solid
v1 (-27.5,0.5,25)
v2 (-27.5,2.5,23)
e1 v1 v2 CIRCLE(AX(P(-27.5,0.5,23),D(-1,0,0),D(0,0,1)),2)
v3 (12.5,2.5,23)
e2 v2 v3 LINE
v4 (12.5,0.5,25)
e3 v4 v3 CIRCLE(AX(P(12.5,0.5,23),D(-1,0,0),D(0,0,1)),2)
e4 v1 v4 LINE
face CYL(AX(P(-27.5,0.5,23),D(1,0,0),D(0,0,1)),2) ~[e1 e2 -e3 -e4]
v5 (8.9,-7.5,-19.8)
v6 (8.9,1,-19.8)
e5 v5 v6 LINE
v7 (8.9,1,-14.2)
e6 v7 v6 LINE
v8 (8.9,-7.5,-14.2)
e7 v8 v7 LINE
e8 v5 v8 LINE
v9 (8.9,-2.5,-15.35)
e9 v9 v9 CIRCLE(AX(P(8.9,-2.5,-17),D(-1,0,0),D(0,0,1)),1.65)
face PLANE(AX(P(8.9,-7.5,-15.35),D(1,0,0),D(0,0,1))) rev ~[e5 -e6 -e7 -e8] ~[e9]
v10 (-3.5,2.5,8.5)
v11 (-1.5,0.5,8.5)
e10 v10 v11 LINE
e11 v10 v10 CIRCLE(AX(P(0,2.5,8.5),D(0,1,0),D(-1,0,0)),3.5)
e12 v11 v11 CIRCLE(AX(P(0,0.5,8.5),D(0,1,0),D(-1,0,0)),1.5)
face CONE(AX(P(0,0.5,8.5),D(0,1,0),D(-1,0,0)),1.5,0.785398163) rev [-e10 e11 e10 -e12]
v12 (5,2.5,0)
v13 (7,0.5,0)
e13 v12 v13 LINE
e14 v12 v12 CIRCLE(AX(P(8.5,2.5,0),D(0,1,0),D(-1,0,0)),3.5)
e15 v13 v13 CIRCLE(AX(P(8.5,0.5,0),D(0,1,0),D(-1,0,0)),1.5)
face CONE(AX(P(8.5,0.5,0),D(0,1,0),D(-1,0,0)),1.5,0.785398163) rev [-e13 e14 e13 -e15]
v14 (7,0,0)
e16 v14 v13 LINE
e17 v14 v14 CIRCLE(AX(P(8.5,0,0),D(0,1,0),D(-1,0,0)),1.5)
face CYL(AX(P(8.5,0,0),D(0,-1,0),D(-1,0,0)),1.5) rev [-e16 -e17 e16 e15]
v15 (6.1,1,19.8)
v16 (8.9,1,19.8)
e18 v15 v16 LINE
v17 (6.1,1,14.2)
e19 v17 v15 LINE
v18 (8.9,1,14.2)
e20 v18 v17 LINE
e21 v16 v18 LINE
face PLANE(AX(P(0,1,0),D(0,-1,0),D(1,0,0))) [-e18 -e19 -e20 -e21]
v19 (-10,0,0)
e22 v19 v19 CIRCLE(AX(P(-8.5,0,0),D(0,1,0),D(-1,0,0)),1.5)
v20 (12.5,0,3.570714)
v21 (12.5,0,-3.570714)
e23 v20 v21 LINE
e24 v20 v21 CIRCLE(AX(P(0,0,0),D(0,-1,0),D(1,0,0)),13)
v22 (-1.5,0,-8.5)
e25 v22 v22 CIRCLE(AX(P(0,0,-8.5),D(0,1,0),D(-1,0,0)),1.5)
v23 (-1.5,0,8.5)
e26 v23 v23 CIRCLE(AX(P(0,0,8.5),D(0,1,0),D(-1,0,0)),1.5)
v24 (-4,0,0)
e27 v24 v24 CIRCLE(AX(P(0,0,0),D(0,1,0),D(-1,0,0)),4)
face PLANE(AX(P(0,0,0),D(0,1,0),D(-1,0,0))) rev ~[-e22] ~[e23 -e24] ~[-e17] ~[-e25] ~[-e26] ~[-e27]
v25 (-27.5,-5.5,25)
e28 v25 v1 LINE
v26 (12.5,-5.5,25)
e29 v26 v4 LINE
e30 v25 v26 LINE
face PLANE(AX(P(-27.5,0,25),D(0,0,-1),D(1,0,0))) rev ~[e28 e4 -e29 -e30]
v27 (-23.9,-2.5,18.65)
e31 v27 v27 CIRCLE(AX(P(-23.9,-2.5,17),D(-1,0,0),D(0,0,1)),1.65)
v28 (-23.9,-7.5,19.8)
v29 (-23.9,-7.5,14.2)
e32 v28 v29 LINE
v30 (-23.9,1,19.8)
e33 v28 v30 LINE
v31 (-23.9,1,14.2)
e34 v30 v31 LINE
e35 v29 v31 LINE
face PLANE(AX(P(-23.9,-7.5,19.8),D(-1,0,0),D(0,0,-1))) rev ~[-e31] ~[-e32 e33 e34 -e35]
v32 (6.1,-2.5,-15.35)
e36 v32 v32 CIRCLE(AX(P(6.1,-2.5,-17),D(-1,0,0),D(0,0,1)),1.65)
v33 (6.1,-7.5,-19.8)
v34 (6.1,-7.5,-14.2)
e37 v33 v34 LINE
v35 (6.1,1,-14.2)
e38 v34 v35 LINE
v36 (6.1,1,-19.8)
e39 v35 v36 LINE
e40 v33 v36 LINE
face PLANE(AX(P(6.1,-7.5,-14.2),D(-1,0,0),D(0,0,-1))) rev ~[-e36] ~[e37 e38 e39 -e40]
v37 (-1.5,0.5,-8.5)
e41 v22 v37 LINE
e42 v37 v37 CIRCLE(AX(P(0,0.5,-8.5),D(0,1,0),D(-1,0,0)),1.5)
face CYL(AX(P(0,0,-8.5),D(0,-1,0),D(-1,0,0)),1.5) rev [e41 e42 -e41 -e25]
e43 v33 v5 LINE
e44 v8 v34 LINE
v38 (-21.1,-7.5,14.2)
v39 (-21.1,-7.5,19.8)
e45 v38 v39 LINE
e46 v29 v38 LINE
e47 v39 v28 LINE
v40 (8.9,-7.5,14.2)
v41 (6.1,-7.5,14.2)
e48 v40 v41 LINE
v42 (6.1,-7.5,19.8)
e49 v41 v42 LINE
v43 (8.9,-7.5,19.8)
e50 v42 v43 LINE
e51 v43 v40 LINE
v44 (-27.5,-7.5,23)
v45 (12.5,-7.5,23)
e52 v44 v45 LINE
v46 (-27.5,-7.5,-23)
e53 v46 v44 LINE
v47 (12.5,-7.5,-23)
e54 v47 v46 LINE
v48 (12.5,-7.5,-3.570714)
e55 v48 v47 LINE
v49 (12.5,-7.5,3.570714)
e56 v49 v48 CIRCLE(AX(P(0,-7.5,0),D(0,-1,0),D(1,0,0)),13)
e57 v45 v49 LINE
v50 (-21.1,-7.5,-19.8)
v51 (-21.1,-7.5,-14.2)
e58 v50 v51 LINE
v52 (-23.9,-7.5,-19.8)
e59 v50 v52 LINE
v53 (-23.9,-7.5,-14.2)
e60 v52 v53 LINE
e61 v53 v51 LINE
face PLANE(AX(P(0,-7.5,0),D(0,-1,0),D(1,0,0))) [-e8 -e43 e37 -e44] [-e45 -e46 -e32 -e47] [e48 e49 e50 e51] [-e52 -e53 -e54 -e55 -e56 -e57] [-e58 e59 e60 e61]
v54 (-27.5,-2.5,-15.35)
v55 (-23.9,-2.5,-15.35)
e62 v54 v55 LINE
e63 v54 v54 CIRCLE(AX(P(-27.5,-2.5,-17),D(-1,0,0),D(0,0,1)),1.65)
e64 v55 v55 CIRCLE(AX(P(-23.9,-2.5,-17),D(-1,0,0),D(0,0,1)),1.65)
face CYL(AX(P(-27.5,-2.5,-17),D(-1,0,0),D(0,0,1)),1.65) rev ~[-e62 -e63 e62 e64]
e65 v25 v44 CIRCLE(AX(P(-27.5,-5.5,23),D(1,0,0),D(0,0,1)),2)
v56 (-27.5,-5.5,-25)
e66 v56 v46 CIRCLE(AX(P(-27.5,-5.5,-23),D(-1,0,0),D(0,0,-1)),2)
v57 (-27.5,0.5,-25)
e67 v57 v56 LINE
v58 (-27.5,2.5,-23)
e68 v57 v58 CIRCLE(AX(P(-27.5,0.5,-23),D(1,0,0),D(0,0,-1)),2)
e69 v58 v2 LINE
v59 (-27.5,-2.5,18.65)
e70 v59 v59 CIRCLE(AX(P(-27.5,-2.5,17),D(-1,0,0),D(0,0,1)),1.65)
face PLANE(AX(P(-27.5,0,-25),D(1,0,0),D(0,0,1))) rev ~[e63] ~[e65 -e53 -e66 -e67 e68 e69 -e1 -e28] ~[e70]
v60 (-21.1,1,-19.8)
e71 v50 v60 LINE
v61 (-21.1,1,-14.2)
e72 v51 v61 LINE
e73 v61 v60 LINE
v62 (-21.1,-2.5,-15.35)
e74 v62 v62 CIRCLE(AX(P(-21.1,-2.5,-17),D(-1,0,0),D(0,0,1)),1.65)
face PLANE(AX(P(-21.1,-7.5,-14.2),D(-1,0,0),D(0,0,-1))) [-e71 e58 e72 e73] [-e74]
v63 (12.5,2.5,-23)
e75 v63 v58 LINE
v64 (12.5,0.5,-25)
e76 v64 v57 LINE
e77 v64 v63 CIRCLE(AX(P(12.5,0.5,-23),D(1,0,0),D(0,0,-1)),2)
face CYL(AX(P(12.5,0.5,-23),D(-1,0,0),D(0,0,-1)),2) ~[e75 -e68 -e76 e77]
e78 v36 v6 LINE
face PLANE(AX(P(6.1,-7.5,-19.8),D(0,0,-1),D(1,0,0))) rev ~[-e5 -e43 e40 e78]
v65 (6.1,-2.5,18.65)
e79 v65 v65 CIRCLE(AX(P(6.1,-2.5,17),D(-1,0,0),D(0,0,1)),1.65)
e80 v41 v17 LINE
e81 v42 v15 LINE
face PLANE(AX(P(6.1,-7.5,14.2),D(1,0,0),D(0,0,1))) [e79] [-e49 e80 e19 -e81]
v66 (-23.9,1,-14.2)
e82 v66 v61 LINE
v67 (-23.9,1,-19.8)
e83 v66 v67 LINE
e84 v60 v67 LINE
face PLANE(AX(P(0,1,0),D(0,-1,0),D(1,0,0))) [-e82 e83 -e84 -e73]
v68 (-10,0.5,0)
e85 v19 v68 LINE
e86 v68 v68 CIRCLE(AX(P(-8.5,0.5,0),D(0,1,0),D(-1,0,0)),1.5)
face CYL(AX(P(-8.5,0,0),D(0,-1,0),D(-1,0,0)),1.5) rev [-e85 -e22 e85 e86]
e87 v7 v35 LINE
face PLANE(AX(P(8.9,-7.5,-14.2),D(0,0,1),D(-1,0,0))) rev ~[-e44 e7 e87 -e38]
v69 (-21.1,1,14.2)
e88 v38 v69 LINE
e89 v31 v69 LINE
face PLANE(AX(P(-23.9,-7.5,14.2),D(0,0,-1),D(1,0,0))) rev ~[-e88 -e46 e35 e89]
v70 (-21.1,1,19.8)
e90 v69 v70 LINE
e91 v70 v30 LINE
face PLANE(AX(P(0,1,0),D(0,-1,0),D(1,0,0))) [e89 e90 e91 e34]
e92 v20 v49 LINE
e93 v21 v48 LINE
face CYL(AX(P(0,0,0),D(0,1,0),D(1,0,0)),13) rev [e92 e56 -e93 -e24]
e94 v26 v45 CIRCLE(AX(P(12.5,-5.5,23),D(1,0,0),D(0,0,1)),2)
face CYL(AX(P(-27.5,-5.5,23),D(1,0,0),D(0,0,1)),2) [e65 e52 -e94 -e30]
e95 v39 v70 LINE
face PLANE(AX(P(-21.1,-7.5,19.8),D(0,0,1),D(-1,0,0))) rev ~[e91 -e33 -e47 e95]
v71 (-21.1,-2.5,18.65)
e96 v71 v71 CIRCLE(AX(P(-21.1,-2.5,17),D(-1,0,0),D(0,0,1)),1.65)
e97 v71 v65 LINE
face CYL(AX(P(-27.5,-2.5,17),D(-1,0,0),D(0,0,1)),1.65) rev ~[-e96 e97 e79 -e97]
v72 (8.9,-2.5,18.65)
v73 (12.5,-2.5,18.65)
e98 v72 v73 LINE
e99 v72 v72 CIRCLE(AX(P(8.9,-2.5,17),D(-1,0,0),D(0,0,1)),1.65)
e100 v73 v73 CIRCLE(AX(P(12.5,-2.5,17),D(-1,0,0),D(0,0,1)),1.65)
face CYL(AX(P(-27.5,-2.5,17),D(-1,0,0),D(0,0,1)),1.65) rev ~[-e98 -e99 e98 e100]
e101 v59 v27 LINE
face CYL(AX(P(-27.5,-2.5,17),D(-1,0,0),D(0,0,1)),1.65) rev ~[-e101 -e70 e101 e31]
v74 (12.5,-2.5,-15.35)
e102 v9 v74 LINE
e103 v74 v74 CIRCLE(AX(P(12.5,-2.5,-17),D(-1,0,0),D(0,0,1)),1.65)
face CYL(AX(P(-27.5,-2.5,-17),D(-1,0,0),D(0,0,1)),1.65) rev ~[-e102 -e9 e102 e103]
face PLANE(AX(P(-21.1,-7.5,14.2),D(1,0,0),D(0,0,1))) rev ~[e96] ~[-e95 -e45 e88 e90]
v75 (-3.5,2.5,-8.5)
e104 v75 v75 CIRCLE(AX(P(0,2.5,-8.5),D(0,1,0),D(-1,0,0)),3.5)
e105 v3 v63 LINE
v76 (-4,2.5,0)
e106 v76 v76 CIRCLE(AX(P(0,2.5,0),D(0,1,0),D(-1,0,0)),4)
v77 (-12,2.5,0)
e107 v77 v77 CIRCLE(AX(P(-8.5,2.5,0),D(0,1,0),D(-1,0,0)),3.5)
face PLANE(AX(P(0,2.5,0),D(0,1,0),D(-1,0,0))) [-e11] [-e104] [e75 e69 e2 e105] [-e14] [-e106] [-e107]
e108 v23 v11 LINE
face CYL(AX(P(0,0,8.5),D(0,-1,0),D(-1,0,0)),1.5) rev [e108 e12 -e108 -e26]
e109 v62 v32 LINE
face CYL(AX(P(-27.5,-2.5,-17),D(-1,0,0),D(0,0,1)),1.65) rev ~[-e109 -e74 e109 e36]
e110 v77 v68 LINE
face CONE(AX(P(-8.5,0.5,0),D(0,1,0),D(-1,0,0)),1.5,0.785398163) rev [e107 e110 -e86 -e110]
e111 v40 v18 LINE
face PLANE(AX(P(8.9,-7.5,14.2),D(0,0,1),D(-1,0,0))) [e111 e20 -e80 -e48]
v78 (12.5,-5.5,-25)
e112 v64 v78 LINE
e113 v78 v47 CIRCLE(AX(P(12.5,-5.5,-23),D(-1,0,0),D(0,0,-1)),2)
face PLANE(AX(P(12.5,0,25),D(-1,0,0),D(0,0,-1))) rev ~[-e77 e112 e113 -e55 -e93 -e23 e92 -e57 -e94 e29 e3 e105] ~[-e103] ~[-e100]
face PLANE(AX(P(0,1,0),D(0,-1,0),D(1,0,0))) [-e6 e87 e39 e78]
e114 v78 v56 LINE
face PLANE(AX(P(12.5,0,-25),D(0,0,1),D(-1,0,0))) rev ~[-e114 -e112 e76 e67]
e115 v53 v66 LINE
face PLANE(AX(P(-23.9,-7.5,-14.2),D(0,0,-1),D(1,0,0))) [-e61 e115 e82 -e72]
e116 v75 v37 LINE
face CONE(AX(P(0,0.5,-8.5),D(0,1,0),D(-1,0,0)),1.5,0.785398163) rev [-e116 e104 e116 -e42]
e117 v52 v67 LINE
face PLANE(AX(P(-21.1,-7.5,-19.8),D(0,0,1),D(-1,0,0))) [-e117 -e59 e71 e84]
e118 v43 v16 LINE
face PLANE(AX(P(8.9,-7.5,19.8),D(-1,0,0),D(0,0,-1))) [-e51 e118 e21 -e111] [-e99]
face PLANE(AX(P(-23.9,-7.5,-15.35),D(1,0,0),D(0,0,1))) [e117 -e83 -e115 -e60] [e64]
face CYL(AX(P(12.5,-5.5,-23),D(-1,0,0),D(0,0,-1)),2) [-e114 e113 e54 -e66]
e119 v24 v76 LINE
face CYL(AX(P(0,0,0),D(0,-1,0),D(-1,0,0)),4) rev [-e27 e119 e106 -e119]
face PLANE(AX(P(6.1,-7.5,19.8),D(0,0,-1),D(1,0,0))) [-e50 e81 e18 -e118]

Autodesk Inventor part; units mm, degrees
ref_plane "YZ Plane" through (0, 0, 0) normal (1, 0, 0) x (0, 1, 0)
ref_plane "XZ Plane" through (0, 0, 0) normal (0, 1, 0) x (-1, 0, 0)
ref_plane "XY Plane" through (0, 0, 0) normal (0, 0, 1) x (1, 0, 0)
sketch "Эскиз1" plane through (0, 0, 0) normal (0, 1, 0) x (-1, 0, 0)
  circle A0 centre (0, 0) radius 12.5 construction
  circle A1 centre (0, 0) radius 8.5 construction
  circle A2 centre (8.5, 0) radius 1.5
  circle A3 centre (-8.5, 0) radius 1.5
  circle A4 centre (0, 0) radius 4
  line L0 (27.5, 25) -> (-12.5, 25)
  line L1 (-12.5, 25) -> (-12.5, -25)
  line L2 (-12.5, -25) -> (27.5, -25)
  line L3 (27.5, -25) -> (27.5, 25)
  line L4 (0, -12.5) -> (0, 12.5) construction
  line L5 (-12.5, 0) -> (12.5, 0) construction
  circle A5 centre (0, -8.5) radius 1.5
  circle A6 centre (0, 8.5) radius 1.5
  point P0 (7.5, 25)
  point P1 (7.5, -25)
  dimension "d0" = 25
  dimension "d1" = 17
  dimension "d2" = 3
  dimension "d3" = 3
  dimension "d4" = 8
  dimension "d5" = 40
  dimension "d6" = 50
  dimension "d7" = 25
  dimension "d26" = 25
  dimension "d31" = 90
  dimension "d32" = 90
  dimension "d33" = 3
  dimension "d34" = 3
extrude "Выдавливание1" add sketch "Эскиз1" along normal blind 2.5
sketch "Эскиз2" plane through (0, 0, 0) normal (0, -1, 0) x (1, 0, 0)
  circle A0 centre (0, 0) radius 13
  line L0 (12.5, 25) -> (12.5, -25) projected
  line L1 (-27.5, 25) -> (12.5, 25) projected
  line L2 (-27.5, -25) -> (-27.5, 25) projected
  line L3 (12.5, -25) -> (-27.5, -25) projected
  circle A1 centre (-8.5, 0) radius 1.5 projected
  circle A2 centre (8.5, 0) radius 1.5 projected
  circle A3 centre (0, 0) radius 4 projected
  point P0 (12.5, -3.5707)
  point P1 (12.5, 3.5707)
  dimension "d10" = 26
extrude "Выдавливание2" add sketch "Эскиз2" along normal blind 7.5 contours A0 L0 L3 L2 L1
fillet "Сопряжение1" radius 2 4 edges at (-7.5, -7.5, -25) (-7.5, 2.5, -25) (-7.5, -7.5, 25) (-7.5, 2.5, 25)
sketch "Эскиз4" plane through (-27.5, -5.5, -25) normal (-1, 0, 0) x (0, 0, 1)
  arc A0 (50, 6) -> (48, 8) centre (48, 6) ccw projected
  line L0 (2, 8) -> (48, 8) projected
  arc A1 (2, 8) -> (0, 6) centre (2, 6) ccw projected
  line L1 (0, 0) -> (0, 6) projected
  arc A2 (0, 0) -> (2, -2) centre (2, 0) ccw projected
  line L2 (48, -2) -> (2, -2) projected
  arc A3 (48, -2) -> (50, 0) centre (48, 0) ccw projected
  line L3 (50, 0) -> (50, 6) projected
  circle A4 centre (42, 3) radius 1.65
  circle A5 centre (8, 3) radius 1.65
  point P0 (25, 5.5)
  point P1 (50, 3)
  dimension "d21" = 3.3
  dimension "d22" = 3.3
  dimension "d41" = 5
  dimension "d42" = 34
  dimension "d43" = 8
  dimension "d44" = 5
extrude "Выдавливание4" cut sketch "Эскиз4" against normal through all contours A4 | A5
chamfer "Фаска1" distance 2 angle 45 4 edges at (-7, 2.5, 0) (10, 2.5, 0) (1.5, 2.5, -8.5) (1.5, 2.5, 8.5)
sketch "Эскиз5" plane through (0, -7.5, 0) normal (0, -1, 0) x (1, 0, 0)
  line L0 (-27.5, 23) -> (12.5, 23) projected
  line L1 (-27.5, 23) -> (-27.5, -23) projected
  line L2 (12.5, -23) -> (-27.5, -23) projected
  line L3 (12.5, -23) -> (12.5, -3.5707) projected
  arc A0 (12.5, 3.5707) -> (12.5, -3.5707) centre (0, 0) ccw projected
  line L4 (12.5, 3.5707) -> (12.5, 23) projected
  line L5 (-27.5, -18.65) -> (12.5, -18.65) projected
  line L6 (-27.5, -15.35) -> (12.5, -15.35) projected
  line L7 (12.5, -18.65) -> (12.5, -15.35)
  line L8 (12.5, -17) -> (-27.5, -17) construction
  line L9 (8.9, -14.2) -> (6.1, -14.2)
  line L10 (6.1, -14.2) -> (6.1, -19.8)
  line L11 (6.1, -19.8) -> (8.9, -19.8)
  line L12 (8.9, -19.8) -> (8.9, -14.2)
  line L13 (8.9, -14.2) -> (6.1, -19.8) construction
  line L14 (6.1, -14.2) -> (8.9, -19.8) construction
  circle A1 centre (0, 0) radius 4 projected
  line L15 (0, 0) -> (12.5, 0) construction
  line L16 (12.5, 3.5707) -> (12.5, -3.5707) projected
  line L17 (-7.5, -23) -> (-7.5, 23) construction
  line L18 (8.9, 14.2) -> (6.1, 14.2)
  line L19 (6.1, 14.2) -> (6.1, 19.8)
  line L20 (6.1, 19.8) -> (8.9, 19.8)
  line L21 (8.9, 19.8) -> (8.9, 14.2)
  line L22 (8.9, 14.2) -> (6.1, 19.8) construction
  line L23 (6.1, 14.2) -> (8.9, 19.8) construction
  line L24 (-23.9, -14.2) -> (-21.1, -14.2)
  line L25 (-21.1, -14.2) -> (-21.1, -19.8)
  line L26 (-21.1, -19.8) -> (-23.9, -19.8)
  line L27 (-23.9, -19.8) -> (-23.9, -14.2)
  line L28 (-23.9, -14.2) -> (-21.1, -19.8) construction
  line L29 (-21.1, -14.2) -> (-23.9, -19.8) construction
  line L30 (-21.1, 14.2) -> (-21.1, 19.8)
  line L31 (-21.1, 19.8) -> (-23.9, 19.8)
  line L32 (-23.9, 14.2) -> (-21.1, 14.2)
  line L33 (-23.9, 19.8) -> (-23.9, 14.2)
  line L34 (-23.9, 14.2) -> (-21.1, 19.8) construction
  line L35 (-21.1, 14.2) -> (-23.9, 19.8) construction
  point P0 (7.5, -17)
  point P1 (12.5, -13.2854)
  point P2 (7.5, 17)
  point P3 (-22.5, -17)
  point P4 (-22.5, 17)
  dimension "d35" = 2.8
  dimension "d36" = 5.6
  dimension "d38" = 5
extrude "Выдавливание5" cut sketch "Эскиз5" against normal blind 8.5 contours L27 L24 L25 L6 | L6 L25 L5 L27 | L5 L25 L26 L27 | L10 L9 L12 L6 | L6 L12 L5 L10 | L5 L12 L11 L10 | L18 L19 L20 L21 | L32 L33 L31 L30
equation "\"d7\" = 0.5 * d6"
equation "\"d22\" = d21"
properties part number "motoramma_1"
